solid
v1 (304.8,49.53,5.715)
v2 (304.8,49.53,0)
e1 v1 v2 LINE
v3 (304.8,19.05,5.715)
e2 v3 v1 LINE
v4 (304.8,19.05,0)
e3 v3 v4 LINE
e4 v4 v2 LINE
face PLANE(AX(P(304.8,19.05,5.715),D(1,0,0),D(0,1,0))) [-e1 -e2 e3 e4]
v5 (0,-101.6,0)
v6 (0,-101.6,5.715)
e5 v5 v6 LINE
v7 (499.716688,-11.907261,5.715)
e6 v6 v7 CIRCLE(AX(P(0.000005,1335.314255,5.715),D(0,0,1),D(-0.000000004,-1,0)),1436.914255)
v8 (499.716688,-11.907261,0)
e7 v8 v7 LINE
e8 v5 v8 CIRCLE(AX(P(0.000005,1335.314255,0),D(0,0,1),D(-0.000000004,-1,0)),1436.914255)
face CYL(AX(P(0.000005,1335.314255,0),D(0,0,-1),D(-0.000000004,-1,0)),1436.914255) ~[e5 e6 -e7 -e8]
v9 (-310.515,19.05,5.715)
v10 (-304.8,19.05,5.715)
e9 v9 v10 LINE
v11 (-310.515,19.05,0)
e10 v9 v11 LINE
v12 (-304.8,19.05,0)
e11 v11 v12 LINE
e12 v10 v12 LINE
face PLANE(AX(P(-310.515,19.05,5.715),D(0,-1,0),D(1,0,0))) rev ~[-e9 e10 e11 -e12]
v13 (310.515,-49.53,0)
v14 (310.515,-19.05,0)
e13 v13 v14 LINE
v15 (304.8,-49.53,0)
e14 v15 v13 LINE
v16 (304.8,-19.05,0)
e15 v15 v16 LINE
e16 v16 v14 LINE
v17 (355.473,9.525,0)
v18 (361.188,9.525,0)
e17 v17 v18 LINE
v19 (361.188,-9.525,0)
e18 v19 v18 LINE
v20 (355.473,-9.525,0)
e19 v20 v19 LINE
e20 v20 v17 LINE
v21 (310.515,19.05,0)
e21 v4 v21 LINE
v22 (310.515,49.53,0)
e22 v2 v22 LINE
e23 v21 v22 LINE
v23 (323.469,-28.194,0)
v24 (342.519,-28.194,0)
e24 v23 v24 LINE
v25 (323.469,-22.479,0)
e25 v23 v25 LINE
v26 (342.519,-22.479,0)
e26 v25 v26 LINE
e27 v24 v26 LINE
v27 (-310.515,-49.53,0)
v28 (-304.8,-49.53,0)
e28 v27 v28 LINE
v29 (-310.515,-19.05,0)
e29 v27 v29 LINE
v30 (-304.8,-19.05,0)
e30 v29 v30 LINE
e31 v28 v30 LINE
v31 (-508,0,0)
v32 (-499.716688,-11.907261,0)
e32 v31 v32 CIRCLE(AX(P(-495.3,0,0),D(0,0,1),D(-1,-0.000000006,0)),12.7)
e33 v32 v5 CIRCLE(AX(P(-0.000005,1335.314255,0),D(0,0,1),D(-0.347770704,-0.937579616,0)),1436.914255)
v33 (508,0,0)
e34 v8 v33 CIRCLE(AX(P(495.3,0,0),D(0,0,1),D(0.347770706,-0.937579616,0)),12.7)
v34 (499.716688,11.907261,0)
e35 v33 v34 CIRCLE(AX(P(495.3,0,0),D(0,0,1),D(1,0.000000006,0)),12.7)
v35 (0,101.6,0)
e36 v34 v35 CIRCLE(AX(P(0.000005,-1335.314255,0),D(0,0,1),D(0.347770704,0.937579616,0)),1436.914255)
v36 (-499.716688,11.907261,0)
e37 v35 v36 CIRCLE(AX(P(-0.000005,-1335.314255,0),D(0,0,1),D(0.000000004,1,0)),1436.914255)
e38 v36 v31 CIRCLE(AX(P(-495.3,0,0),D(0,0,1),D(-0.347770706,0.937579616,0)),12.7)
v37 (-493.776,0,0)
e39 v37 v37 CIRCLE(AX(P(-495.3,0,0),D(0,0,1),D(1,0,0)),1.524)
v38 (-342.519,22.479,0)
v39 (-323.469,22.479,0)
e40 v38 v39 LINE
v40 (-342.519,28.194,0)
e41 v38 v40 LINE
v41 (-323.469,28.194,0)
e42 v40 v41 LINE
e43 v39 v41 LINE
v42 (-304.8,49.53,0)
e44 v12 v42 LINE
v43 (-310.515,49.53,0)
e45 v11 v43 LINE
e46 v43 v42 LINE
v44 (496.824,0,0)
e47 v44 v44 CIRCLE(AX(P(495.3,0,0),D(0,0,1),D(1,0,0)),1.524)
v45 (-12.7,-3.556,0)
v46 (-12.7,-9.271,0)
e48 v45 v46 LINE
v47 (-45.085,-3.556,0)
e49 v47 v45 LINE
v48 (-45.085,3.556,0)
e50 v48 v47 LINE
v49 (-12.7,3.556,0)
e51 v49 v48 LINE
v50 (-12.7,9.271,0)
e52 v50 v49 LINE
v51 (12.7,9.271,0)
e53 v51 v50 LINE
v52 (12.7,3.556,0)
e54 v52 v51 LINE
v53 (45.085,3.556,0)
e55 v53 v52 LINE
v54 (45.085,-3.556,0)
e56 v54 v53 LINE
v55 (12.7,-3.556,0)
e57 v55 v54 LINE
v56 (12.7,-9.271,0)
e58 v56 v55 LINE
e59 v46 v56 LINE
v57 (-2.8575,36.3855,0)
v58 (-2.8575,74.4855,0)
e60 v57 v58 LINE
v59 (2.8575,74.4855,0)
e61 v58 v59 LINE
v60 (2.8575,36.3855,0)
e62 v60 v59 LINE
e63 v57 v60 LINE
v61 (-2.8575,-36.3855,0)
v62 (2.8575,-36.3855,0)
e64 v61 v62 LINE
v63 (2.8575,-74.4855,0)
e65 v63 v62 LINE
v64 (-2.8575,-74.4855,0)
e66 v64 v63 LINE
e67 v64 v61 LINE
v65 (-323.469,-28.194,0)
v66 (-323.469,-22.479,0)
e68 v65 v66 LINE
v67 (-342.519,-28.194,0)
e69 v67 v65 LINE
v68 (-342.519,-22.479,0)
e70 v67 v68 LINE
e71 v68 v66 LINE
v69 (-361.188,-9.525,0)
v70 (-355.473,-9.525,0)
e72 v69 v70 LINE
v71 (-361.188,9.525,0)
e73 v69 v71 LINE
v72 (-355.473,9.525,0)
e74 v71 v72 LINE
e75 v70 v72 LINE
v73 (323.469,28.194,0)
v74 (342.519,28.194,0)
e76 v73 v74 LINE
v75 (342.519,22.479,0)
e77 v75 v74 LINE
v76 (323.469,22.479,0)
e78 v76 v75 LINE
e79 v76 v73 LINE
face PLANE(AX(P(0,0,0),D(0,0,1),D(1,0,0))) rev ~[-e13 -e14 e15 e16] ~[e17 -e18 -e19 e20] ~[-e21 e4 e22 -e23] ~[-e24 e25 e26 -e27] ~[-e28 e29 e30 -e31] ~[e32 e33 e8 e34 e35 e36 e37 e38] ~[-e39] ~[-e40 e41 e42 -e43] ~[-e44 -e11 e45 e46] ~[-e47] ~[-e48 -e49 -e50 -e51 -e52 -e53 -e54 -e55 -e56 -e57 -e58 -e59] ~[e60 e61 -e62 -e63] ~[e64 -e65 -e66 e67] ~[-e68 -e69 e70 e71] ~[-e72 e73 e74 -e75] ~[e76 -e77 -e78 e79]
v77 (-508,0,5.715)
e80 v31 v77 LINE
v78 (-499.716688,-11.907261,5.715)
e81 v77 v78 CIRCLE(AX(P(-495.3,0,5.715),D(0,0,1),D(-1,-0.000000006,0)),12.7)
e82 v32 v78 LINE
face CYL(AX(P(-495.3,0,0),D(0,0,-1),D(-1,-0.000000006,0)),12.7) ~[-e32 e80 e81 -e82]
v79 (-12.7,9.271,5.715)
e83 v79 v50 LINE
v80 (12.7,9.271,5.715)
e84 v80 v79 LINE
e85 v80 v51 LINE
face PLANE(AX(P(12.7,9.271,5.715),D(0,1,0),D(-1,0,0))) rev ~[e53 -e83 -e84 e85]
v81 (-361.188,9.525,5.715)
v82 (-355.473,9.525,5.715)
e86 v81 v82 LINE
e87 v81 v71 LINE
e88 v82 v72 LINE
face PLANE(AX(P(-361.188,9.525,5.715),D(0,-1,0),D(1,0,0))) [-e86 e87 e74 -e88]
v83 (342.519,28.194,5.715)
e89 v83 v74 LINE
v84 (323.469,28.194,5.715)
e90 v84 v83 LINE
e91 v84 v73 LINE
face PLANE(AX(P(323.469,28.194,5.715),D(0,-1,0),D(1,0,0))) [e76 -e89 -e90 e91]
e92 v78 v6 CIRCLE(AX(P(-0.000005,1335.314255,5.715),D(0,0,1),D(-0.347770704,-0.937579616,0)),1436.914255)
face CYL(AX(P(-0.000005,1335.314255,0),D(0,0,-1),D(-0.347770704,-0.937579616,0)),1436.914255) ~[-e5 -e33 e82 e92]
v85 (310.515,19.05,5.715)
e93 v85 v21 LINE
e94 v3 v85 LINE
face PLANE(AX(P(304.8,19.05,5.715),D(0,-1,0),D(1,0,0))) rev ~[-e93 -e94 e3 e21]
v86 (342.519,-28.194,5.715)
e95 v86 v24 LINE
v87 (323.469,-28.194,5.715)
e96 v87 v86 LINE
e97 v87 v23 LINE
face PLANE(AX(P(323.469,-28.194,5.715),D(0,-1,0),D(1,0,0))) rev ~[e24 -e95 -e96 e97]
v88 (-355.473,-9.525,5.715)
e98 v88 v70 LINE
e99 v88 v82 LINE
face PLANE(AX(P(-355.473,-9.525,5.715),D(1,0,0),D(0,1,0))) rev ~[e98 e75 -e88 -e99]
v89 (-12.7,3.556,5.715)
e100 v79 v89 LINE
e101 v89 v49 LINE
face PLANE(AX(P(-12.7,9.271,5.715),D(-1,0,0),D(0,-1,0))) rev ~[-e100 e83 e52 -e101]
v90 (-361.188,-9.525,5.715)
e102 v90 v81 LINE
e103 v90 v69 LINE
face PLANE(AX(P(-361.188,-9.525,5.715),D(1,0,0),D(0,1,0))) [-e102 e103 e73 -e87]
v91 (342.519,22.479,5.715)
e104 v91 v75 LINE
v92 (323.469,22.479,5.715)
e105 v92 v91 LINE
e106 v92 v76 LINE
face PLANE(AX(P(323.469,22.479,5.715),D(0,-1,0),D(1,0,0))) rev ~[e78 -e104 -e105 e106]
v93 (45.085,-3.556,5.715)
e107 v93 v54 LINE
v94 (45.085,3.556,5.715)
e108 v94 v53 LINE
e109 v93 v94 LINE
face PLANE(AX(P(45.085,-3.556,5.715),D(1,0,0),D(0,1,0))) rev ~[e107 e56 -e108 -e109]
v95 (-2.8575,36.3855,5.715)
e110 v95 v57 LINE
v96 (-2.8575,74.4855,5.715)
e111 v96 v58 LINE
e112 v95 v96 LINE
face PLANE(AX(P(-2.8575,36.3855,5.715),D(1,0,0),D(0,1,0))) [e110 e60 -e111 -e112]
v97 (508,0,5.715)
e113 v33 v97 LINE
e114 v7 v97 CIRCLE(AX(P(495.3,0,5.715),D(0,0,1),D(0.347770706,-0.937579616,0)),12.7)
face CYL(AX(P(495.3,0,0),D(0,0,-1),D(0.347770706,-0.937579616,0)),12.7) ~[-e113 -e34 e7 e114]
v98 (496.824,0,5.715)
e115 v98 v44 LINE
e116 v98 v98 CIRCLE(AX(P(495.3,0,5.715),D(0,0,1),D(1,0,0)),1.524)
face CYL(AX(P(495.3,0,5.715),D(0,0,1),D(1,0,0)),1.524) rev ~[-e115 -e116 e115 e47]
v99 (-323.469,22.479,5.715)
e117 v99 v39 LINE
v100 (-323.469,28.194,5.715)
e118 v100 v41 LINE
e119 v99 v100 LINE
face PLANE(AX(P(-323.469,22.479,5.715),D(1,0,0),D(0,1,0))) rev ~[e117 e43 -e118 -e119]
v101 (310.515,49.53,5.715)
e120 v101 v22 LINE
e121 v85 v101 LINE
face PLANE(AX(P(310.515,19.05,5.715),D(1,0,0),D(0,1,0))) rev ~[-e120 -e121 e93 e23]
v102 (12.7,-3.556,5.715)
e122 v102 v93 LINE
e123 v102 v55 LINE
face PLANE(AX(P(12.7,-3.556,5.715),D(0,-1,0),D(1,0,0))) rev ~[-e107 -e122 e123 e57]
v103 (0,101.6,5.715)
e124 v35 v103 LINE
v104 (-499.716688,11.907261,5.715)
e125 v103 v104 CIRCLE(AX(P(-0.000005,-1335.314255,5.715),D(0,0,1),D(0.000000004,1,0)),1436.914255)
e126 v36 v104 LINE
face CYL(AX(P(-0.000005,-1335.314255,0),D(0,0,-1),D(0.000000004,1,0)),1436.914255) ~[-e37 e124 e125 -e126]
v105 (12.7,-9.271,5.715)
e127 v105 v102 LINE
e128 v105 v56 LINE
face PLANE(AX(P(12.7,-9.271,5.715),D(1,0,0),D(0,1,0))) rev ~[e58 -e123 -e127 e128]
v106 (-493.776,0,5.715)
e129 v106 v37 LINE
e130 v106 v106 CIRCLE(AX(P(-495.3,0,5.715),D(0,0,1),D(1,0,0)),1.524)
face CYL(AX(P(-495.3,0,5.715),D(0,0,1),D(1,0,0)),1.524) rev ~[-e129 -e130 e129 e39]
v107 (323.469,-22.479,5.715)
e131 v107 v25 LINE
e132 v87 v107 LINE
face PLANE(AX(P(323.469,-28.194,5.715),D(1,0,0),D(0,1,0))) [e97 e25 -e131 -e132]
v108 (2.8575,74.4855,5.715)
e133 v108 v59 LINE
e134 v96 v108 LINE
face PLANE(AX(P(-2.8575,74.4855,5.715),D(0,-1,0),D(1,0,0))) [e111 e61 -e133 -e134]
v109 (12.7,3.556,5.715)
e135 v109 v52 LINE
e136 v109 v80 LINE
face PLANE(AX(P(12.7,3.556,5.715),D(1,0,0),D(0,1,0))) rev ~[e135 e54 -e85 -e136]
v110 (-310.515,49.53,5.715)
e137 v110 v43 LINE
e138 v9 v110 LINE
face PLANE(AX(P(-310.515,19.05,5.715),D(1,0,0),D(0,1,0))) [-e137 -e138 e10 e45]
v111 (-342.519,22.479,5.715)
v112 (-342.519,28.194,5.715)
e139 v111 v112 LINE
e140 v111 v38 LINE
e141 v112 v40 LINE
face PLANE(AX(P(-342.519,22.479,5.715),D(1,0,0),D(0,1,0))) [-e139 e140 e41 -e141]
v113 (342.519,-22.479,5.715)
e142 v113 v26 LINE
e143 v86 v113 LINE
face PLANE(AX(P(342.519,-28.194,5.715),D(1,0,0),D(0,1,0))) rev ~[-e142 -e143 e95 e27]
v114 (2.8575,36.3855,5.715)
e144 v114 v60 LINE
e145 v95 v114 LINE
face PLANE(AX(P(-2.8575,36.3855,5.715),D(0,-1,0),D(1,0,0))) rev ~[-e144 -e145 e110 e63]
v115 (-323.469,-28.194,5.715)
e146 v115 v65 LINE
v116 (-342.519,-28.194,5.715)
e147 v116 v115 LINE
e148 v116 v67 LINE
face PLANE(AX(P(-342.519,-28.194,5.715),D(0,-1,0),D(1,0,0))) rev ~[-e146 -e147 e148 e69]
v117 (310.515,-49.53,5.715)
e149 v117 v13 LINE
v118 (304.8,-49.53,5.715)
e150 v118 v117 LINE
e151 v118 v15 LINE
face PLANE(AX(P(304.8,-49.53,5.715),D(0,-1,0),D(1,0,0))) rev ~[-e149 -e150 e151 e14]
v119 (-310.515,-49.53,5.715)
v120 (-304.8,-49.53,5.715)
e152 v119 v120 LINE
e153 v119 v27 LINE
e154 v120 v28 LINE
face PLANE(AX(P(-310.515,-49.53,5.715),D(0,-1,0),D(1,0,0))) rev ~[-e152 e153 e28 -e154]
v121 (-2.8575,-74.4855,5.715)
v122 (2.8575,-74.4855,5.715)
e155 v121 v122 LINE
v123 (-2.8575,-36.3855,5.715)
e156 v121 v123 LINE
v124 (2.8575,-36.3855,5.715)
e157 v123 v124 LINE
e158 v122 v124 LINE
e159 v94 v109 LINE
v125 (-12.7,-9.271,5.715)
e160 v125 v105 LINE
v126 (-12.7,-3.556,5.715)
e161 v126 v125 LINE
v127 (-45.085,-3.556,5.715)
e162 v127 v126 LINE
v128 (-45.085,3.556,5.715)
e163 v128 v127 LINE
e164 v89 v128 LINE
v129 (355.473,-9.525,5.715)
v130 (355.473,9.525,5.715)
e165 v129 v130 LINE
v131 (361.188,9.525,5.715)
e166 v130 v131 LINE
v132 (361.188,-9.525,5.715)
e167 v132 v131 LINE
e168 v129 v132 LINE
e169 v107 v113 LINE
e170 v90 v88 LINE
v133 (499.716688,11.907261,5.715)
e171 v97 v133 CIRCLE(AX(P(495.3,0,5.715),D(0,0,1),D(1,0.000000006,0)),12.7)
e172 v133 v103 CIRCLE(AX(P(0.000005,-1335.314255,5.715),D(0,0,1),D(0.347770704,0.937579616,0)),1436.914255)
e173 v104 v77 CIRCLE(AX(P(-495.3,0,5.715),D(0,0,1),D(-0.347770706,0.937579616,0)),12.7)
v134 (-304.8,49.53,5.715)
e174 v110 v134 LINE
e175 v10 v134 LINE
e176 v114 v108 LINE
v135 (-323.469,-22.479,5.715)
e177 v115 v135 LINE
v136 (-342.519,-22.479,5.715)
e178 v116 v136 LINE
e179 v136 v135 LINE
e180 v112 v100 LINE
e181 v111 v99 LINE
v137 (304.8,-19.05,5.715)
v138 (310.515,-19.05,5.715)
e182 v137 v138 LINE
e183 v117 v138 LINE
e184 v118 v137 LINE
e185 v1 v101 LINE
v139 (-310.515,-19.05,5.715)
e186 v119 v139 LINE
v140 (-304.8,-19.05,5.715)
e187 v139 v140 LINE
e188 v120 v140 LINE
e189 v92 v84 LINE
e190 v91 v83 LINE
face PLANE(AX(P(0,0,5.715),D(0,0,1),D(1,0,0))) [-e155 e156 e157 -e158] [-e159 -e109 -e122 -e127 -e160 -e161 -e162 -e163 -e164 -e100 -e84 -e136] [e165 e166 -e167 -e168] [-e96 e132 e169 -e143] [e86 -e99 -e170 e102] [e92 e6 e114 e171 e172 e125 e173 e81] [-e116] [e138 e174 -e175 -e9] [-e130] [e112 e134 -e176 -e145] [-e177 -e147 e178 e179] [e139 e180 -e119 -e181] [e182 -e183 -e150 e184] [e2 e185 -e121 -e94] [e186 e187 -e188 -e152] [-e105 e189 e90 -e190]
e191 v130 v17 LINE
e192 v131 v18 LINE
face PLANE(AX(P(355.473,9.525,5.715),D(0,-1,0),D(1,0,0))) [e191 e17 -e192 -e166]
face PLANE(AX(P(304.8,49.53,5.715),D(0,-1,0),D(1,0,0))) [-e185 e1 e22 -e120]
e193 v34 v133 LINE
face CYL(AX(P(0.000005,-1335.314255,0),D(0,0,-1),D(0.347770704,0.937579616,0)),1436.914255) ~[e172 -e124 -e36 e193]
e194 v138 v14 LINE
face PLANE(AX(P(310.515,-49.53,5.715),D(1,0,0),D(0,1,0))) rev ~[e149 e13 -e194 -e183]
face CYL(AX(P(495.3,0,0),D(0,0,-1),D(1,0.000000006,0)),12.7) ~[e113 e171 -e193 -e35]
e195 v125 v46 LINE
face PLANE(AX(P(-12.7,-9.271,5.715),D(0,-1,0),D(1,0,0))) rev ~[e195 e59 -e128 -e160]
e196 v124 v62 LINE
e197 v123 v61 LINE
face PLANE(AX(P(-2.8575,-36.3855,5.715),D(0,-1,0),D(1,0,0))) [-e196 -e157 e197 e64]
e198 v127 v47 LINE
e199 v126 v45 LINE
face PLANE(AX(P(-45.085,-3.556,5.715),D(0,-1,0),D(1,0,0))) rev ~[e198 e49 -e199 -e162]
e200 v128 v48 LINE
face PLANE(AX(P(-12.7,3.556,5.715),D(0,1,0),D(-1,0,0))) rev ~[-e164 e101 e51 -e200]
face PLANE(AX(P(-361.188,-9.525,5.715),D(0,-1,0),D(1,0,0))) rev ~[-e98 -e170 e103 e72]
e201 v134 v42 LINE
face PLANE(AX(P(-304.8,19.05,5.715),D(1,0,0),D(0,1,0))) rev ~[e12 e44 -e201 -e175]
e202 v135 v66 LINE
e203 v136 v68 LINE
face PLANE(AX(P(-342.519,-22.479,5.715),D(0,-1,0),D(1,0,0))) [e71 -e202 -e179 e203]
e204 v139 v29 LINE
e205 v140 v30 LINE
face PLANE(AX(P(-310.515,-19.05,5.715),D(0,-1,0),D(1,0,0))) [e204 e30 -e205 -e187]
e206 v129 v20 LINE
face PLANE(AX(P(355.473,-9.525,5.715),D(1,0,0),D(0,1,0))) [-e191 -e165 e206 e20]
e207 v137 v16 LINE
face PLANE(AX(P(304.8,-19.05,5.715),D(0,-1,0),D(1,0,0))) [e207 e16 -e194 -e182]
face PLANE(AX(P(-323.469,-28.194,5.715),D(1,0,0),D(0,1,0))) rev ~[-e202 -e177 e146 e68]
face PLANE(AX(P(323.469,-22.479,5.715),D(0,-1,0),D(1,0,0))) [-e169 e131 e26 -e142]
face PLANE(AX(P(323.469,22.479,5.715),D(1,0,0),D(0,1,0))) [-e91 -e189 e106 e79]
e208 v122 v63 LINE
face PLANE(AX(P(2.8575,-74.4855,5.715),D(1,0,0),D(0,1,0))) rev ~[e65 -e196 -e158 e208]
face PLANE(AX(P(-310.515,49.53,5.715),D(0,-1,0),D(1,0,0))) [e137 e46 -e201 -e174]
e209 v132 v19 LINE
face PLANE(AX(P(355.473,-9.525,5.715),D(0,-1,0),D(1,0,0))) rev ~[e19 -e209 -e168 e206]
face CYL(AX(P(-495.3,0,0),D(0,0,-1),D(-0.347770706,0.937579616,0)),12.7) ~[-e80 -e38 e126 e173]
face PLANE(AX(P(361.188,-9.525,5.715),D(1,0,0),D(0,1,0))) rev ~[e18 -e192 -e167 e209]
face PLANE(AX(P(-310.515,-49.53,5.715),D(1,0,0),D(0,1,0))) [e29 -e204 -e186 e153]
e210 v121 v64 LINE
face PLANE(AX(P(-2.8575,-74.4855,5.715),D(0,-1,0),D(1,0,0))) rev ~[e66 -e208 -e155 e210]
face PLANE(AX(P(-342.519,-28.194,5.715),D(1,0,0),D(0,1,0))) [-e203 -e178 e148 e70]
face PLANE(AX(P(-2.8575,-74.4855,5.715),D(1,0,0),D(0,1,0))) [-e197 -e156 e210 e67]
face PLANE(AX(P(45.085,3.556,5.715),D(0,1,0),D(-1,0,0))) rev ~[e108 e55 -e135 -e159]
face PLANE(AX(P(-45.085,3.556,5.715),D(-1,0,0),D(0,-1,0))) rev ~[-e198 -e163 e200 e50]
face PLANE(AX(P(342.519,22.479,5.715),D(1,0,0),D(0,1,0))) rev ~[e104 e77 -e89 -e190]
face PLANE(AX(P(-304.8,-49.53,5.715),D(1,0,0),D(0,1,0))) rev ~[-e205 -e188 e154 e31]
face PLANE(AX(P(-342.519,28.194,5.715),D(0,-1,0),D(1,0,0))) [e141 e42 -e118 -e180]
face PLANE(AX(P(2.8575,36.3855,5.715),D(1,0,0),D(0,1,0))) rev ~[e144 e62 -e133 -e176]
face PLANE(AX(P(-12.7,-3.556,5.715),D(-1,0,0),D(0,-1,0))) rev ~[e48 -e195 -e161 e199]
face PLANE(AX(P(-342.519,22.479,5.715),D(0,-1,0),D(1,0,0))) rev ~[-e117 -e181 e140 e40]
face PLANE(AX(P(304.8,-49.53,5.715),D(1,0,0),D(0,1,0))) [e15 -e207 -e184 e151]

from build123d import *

# Parameters (mm, degrees)
F1_DEPTH  = 5.715
F4_DEPTH  = 5.716
F5_W      = 5.715
F5_H      = 38.1
F6_DEPTH  = 5.716
F7_W      = 5.715
F7_H      = 30.48
F8_DEPTH  = 5.716
F9_W      = 19.05
F9_H      = 5.715
F9_W_2    = 5.715
F9_H_2    = 19.05
F10_DEPTH = 5.716
F11_R     = 1.524
F12_DEPTH = 5.716


with BuildPart() as f1:
    # F0 (on Top) → F1 (new body)
    with BuildSketch(Plane.XY):
        with BuildLine():
            ThreePointArc((0, 101.6), (-253.851116, 78.999073), (-499.716688, 11.907261))
            ThreePointArc((-499.716688, 11.907261), (-505.725496, 7.252519), (-508, 0))
            ThreePointArc((-508, 0), (-505.725496, -7.252519), (-499.716688, -11.907261))
            ThreePointArc((-499.716688, -11.907261), (-253.851116, -78.999073), (0, -101.6))
            ThreePointArc((0, -101.6), (253.851116, -78.999073), (499.716688, -11.907261))
            ThreePointArc((499.716688, -11.907261), (505.725496, -7.252519), (508, 0))
            ThreePointArc((508, 0), (505.725496, 7.252519), (499.716688, 11.907261))
            ThreePointArc((499.716688, 11.907261), (253.851116, 78.999073), (0, 101.6))
        make_face()
    extrude(amount=F1_DEPTH)

    # F3 (on face) → F4 (cut, through all)
    with BuildSketch(Plane.XY.offset(5.715)):
        Polygon((-45.085, 3.556), (-45.085, 0), (-45.085, -3.556), (-12.7, -3.556), (-12.7, -9.271), (0, -9.271), (12.7, -9.271), (12.7, -3.556), (45.085, -3.556), (45.085, 0), (45.085, 3.556), (12.7, 3.556), (12.7, 9.271), (0, 9.271), (-12.7, 9.271), (-12.7, 3.556), align=None)
    extrude(amount=-F4_DEPTH, mode=Mode.SUBTRACT)

    # F5 (on face) → F6 (cut, through all)
    with BuildSketch(Plane.XY.offset(5.715)):
        with Locations((0, 55.4355)):
            Rectangle(F5_W, F5_H)
        with Locations((0, -55.4355)):
            Rectangle(F5_W, F5_H)
    extrude(amount=-F6_DEPTH, mode=Mode.SUBTRACT)

    # F7 (on face) → F8 (cut, through all)
    with BuildSketch(Plane.XY.offset(5.715)):
        with Locations((-307.6575, 34.29)):
            Rectangle(F7_W, F7_H)
        with Locations((-307.6575, -34.29)):
            Rectangle(F7_W, F7_H)
        with Locations((307.6575, -34.29)):
            Rectangle(F7_W, F7_H)
        with Locations((307.6575, 34.29)):
            Rectangle(F7_W, F7_H)
    extrude(amount=-F8_DEPTH, mode=Mode.SUBTRACT)

    # F9 (on face) → F10 (cut, through all)
    with BuildSketch(Plane.XY.offset(5.715)):
        with Locations((-332.994, 25.3365)):
            Rectangle(F9_W, F9_H)
        with Locations((-358.3305, 0)):
            Rectangle(F9_W_2, F9_H_2)
        with Locations((-332.994, -25.3365)):
            Rectangle(F9_W, F9_H)
        with Locations((332.994, -25.3365)):
            Rectangle(F9_W, F9_H)
        with Locations((358.3305, 0)):
            Rectangle(F9_W_2, F9_H_2)
        with Locations((332.994, 25.3365)):
            Rectangle(F9_W, F9_H)
    extrude(amount=-F10_DEPTH, mode=Mode.SUBTRACT)

    # F11 (on face) → F12 (cut, through all)
    with BuildSketch(Plane.XY.offset(5.715)):
        with Locations((-495.3, 0)):
            Circle(F11_R)
        with Locations((495.3, 0)):
            Circle(F11_R)
    extrude(amount=-F12_DEPTH, mode=Mode.SUBTRACT)


solid = f1.part
